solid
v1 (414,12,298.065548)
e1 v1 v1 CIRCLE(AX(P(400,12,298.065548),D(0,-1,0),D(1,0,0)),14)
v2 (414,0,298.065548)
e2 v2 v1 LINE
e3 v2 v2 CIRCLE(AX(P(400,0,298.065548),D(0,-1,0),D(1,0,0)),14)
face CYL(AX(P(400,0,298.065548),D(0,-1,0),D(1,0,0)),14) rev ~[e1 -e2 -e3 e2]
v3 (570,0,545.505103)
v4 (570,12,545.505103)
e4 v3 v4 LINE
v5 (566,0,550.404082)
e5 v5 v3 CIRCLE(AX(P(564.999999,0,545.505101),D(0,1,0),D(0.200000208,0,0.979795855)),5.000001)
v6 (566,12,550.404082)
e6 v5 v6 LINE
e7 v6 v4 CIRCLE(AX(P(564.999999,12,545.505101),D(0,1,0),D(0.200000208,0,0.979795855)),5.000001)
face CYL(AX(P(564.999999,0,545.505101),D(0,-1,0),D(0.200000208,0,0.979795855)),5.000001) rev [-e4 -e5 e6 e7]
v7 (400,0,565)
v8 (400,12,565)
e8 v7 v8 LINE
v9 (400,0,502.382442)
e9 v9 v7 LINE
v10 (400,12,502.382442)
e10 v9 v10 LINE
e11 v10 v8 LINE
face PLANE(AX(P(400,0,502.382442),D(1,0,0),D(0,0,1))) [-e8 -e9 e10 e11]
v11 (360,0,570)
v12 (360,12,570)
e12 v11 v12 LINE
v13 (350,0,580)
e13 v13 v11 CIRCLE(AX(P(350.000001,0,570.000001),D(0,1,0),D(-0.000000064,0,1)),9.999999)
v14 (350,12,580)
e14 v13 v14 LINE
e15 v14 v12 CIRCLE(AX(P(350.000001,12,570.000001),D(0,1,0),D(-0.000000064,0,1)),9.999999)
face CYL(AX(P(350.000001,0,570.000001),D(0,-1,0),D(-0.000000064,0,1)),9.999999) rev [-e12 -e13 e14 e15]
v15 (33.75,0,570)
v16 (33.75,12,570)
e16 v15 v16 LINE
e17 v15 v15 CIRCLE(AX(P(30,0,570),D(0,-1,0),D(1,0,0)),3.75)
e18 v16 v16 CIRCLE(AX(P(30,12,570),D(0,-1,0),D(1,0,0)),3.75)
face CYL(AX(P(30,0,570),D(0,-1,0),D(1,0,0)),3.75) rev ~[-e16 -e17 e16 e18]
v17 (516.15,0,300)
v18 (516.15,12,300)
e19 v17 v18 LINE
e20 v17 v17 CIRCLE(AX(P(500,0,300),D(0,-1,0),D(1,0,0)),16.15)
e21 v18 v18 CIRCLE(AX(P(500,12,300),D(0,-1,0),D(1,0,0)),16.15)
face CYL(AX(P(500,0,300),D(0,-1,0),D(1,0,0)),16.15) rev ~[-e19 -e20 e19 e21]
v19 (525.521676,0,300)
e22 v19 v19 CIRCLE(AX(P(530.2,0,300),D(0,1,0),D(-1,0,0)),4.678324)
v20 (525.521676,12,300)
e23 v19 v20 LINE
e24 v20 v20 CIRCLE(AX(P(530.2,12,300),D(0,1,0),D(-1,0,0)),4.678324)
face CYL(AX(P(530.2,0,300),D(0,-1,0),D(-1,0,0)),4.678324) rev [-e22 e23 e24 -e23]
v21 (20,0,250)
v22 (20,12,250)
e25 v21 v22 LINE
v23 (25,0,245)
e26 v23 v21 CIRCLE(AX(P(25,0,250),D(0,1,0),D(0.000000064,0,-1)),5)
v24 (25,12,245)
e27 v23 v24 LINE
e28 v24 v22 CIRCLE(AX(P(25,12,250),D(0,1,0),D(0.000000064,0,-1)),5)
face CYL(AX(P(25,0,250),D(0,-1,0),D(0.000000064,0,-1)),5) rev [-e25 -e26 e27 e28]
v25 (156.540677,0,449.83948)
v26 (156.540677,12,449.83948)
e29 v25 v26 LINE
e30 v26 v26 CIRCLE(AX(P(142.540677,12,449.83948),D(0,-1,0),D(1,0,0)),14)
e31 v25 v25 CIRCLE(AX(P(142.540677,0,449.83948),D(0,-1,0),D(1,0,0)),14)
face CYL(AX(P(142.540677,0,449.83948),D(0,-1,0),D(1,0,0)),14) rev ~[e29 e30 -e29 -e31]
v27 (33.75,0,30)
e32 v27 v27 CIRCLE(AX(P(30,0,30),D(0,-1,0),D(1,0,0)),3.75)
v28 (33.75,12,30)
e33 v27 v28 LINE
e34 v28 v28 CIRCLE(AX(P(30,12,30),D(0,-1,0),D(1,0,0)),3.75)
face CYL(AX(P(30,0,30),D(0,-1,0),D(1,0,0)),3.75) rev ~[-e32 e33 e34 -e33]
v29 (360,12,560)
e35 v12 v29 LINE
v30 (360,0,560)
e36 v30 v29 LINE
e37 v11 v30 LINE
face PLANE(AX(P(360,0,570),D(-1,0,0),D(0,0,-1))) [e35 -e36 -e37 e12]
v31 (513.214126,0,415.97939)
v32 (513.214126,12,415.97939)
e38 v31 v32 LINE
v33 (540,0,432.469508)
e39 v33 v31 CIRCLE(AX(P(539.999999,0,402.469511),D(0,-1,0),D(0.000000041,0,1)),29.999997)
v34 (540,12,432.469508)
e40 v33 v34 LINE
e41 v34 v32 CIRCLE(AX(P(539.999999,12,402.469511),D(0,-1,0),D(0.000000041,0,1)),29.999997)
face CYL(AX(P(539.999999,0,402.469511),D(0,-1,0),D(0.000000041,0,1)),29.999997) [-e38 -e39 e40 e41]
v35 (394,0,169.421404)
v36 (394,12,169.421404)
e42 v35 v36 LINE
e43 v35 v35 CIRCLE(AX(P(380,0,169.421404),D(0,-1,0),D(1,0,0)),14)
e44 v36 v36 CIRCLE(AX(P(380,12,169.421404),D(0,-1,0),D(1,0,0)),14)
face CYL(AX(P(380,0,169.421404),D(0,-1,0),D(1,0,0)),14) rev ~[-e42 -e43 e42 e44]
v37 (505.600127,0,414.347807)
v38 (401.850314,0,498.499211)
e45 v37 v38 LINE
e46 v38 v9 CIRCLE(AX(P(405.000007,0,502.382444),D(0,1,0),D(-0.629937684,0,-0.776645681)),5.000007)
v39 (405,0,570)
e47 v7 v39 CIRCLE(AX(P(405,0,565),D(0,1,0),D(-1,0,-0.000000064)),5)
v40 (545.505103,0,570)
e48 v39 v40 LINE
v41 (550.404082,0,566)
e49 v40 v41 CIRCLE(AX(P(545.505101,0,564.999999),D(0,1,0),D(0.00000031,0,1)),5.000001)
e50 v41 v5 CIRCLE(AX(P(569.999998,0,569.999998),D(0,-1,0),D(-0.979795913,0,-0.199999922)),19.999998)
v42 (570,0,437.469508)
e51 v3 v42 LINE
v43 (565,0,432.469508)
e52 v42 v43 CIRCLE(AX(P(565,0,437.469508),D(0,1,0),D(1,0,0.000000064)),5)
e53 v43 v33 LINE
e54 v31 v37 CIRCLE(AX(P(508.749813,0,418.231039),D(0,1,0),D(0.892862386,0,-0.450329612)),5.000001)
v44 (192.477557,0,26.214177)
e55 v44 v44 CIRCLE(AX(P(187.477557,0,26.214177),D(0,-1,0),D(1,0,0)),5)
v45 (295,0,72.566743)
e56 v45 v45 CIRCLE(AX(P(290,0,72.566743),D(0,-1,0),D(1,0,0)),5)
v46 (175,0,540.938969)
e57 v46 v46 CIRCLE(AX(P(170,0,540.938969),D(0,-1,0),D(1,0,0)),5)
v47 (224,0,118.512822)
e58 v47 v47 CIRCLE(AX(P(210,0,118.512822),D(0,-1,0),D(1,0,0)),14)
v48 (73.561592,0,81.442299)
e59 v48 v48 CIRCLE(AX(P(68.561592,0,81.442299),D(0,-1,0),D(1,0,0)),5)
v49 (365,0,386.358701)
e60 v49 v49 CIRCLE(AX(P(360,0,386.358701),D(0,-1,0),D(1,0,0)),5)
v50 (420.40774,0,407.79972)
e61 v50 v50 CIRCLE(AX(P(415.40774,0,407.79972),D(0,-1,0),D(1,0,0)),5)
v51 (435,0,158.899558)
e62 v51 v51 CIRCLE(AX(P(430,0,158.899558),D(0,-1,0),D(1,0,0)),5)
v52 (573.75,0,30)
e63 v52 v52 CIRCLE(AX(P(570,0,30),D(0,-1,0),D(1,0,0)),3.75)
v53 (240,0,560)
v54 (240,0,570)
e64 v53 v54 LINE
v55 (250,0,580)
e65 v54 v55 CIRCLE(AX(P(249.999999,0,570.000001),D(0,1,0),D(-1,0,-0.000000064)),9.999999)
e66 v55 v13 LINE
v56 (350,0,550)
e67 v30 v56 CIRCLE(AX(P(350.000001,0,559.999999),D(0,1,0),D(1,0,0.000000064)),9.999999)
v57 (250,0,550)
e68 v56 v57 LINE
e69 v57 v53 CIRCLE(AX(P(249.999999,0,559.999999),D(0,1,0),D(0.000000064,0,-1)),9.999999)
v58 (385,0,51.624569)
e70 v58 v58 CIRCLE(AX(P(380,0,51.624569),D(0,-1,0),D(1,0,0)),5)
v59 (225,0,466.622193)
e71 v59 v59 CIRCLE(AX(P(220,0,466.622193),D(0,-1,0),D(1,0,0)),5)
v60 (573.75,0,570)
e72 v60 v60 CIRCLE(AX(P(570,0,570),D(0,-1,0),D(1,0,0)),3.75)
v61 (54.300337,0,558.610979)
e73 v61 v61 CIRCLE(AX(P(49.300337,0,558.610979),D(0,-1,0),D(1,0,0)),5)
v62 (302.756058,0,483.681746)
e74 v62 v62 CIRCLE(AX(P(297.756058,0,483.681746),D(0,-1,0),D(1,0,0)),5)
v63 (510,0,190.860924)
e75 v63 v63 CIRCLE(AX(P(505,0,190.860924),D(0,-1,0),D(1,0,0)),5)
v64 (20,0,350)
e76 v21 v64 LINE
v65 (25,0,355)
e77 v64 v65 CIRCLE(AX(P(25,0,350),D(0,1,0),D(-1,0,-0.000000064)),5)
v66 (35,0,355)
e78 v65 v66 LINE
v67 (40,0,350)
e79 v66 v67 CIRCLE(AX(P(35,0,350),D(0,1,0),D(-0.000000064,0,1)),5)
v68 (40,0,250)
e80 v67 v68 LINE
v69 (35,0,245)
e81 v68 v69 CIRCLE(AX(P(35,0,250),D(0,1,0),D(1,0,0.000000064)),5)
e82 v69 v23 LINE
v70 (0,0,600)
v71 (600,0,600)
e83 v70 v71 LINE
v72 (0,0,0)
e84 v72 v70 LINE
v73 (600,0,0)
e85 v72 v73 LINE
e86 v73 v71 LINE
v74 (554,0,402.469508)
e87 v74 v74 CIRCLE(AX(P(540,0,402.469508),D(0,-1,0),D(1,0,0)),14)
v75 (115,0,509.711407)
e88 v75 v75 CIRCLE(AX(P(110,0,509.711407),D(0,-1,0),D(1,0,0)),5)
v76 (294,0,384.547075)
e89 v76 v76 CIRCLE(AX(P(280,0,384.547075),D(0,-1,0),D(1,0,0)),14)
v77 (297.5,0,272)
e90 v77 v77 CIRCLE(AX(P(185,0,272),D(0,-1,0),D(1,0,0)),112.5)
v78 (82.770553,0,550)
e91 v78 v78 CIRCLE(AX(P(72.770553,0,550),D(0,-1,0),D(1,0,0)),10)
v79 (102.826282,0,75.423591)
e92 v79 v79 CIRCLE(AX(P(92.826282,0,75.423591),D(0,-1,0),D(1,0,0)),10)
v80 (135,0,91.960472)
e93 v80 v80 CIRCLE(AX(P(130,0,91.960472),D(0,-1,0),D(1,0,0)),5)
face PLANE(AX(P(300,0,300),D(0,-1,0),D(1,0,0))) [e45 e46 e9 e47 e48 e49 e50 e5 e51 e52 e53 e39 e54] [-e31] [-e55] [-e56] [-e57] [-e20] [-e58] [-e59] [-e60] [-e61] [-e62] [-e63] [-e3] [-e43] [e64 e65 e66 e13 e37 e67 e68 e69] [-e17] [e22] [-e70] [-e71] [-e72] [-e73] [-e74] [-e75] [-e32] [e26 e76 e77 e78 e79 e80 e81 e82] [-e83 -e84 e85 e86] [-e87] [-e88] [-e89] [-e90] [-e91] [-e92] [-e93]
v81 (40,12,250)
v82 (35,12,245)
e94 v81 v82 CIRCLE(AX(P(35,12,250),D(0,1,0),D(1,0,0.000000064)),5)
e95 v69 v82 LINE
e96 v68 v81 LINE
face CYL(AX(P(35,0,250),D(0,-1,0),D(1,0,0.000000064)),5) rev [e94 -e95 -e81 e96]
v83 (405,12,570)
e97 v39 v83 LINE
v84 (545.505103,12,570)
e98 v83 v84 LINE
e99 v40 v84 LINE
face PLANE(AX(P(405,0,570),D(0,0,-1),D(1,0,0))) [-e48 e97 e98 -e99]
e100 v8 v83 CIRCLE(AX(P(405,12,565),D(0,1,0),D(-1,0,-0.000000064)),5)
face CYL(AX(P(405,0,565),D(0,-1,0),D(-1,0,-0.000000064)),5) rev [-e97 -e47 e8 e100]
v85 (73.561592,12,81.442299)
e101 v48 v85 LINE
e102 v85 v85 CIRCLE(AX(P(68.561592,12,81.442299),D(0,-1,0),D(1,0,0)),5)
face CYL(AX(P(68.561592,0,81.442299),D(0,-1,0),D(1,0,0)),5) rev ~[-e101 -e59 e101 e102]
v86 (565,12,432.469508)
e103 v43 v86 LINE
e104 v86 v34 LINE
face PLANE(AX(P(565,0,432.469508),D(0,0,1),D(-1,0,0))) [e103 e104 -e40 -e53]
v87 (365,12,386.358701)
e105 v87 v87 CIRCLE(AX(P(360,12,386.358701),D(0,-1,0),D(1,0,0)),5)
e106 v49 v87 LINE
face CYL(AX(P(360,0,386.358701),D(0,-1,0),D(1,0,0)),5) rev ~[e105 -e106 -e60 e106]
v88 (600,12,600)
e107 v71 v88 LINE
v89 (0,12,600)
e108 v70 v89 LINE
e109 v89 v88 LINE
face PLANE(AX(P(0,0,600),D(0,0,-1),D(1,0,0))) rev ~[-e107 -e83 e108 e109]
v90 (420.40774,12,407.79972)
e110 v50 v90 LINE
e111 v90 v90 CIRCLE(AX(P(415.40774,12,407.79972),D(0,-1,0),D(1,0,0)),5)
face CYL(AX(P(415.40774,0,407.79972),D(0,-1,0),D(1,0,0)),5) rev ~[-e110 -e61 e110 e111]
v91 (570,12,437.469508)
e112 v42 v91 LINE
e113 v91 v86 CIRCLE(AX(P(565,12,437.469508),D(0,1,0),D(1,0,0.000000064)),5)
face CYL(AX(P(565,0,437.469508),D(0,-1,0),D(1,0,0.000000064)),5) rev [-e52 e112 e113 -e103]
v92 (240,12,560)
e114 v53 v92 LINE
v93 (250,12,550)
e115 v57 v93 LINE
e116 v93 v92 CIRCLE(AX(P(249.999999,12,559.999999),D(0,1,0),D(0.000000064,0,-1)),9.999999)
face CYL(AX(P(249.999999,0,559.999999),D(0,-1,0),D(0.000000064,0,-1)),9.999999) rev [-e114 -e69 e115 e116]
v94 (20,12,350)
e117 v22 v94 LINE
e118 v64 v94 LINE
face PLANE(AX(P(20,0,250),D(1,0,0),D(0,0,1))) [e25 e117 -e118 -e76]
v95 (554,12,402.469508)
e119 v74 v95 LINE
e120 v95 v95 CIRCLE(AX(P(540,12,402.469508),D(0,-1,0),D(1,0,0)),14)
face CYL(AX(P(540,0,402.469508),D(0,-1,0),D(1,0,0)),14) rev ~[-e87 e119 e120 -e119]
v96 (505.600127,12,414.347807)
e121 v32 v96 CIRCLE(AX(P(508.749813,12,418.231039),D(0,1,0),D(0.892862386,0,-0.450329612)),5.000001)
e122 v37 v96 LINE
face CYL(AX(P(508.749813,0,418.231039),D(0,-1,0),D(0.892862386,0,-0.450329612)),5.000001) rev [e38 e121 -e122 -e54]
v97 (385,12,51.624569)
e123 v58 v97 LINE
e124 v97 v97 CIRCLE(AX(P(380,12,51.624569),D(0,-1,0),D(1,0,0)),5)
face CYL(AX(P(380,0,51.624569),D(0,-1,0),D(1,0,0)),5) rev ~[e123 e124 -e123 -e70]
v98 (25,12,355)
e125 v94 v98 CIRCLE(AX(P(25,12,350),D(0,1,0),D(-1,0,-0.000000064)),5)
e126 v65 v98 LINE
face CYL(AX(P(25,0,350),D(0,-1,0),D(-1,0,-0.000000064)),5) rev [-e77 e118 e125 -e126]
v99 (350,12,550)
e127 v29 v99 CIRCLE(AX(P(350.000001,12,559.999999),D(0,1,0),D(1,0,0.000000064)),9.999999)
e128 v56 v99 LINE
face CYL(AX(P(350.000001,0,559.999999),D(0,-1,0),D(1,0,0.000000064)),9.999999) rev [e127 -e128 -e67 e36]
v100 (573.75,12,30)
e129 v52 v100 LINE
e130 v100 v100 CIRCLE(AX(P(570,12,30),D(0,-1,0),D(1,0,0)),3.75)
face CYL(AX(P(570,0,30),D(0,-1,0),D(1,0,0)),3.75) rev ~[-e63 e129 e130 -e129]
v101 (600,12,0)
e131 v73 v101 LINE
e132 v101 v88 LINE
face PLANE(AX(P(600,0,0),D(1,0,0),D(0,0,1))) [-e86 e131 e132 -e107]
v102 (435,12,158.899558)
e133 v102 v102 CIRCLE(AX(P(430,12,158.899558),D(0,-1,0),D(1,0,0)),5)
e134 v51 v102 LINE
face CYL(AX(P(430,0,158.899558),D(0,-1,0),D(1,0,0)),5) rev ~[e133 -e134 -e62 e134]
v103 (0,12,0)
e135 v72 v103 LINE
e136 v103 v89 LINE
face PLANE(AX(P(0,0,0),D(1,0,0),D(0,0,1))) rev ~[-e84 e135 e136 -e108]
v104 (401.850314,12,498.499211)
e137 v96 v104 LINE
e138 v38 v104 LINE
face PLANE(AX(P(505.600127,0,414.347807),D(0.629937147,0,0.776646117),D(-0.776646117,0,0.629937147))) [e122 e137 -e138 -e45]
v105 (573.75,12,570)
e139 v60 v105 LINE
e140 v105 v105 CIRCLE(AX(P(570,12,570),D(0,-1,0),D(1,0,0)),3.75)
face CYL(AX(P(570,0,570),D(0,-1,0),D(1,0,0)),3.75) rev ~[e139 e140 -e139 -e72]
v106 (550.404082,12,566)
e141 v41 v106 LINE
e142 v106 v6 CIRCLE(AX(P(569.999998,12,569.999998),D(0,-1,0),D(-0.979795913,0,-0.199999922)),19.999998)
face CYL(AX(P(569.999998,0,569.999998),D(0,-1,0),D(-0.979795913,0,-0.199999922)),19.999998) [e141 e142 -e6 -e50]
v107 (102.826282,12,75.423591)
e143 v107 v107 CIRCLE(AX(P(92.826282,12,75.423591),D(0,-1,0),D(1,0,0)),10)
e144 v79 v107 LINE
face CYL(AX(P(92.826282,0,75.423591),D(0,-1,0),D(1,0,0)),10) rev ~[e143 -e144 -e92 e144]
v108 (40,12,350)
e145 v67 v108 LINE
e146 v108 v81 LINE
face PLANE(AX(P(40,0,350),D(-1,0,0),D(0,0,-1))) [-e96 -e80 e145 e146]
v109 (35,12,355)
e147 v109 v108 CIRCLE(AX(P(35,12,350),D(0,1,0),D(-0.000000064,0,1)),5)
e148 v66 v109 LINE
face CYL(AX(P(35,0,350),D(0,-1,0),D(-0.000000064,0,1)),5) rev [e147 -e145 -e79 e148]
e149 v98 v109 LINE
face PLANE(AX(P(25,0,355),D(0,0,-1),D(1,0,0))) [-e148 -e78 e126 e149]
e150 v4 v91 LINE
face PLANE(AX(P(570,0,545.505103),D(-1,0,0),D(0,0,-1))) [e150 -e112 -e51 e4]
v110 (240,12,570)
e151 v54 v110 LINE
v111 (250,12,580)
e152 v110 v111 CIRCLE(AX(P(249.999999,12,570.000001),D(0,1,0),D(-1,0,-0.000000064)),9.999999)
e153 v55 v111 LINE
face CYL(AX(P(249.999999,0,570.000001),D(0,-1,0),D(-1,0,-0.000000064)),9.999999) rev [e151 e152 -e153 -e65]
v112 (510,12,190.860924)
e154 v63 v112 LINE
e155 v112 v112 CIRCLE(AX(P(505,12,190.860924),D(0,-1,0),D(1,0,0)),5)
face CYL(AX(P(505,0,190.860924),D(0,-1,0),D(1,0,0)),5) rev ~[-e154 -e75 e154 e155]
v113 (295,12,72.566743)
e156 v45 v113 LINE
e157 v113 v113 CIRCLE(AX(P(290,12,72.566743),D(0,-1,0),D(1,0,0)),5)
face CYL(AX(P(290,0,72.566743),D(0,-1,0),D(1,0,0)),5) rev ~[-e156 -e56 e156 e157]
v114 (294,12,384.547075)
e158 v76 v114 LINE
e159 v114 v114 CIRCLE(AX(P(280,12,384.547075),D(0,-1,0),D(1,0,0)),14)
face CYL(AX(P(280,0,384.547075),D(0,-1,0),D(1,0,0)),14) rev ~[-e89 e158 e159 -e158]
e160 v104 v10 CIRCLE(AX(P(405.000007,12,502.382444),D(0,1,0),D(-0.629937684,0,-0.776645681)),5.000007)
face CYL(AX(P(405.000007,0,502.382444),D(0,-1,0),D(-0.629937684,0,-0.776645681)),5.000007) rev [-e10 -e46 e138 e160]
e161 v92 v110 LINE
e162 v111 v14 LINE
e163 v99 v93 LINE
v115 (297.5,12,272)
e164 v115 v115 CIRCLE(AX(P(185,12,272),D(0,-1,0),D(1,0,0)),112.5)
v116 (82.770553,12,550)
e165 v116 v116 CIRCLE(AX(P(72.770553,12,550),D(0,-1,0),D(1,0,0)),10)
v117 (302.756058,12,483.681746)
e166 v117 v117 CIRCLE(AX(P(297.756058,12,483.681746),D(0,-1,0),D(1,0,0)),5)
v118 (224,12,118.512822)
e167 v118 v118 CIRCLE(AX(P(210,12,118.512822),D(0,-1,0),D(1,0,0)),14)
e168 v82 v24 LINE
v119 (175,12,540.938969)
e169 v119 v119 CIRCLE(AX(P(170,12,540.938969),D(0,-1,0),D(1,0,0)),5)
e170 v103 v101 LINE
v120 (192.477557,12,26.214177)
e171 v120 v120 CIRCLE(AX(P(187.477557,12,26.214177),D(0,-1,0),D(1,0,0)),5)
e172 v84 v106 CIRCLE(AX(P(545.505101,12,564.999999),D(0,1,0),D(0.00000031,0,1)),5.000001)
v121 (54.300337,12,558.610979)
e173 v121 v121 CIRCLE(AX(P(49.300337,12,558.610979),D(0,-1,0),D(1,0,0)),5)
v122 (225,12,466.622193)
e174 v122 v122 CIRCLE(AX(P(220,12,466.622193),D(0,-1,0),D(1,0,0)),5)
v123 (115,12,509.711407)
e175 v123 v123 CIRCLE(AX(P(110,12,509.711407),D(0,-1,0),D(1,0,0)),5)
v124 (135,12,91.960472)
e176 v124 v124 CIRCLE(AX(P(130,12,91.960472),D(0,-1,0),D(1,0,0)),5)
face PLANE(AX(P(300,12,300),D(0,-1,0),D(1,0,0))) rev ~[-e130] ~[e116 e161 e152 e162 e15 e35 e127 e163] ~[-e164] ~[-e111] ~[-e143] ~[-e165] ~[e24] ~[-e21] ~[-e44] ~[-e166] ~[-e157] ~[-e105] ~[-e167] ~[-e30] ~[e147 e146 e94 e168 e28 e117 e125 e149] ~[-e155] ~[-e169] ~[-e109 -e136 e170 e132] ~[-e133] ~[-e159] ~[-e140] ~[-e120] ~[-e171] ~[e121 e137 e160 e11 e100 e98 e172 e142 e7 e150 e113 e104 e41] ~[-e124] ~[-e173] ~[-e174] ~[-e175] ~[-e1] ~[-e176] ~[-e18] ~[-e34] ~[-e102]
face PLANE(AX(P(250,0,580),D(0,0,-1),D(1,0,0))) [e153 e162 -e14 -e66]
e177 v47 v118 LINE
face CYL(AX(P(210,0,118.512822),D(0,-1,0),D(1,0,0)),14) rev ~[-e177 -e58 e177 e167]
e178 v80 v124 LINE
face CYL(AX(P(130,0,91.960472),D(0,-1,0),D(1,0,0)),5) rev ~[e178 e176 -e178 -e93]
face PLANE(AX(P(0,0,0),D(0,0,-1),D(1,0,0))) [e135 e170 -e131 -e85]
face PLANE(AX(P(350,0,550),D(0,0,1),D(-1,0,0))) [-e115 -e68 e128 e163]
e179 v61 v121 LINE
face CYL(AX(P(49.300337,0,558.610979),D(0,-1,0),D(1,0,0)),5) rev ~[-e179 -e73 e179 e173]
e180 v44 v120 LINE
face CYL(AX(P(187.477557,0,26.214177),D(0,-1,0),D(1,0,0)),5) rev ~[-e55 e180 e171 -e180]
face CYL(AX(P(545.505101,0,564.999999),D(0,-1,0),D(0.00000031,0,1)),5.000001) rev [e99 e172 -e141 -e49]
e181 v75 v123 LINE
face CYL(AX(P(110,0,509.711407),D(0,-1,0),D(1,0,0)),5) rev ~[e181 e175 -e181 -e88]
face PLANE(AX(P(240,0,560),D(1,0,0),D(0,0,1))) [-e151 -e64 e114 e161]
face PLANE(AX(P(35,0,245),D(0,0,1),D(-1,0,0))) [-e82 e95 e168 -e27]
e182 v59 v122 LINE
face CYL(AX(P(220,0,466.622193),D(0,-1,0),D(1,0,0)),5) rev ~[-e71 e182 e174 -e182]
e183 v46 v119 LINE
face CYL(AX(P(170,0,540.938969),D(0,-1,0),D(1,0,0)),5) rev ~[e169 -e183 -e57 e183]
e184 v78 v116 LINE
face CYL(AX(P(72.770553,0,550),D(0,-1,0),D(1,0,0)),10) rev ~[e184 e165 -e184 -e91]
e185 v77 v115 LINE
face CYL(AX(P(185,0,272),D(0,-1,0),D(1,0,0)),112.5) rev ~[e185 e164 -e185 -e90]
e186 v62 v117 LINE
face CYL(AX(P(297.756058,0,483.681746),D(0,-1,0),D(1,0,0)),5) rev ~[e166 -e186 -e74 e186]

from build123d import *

# Parameters (mm, degrees)
F0_W     = 600
F0_H     = 600
F0_R     = 3.75
F0_R_2   = 5
F0_R_3   = 10
F0_R_4   = 14
F0_R_5   = 112.5
F0_R_6   = 16.15
F1_DEPTH = 12


with BuildPart() as f1:
    # F0 (on Front) → F1 (new body)
    with BuildSketch(Plane.XZ):
        with Locations((300, 300)):
            Rectangle(F0_W, F0_H)
        with Locations((30, 30)):
            Circle(F0_R, mode=Mode.SUBTRACT)
        with Locations((68.561592, 81.442299)):
            Circle(F0_R_2, mode=Mode.SUBTRACT)
        with Locations((92.826282, 75.423591)):
            Circle(F0_R_3, mode=Mode.SUBTRACT)
        with Locations((130, 91.960472)):
            Circle(F0_R_2, mode=Mode.SUBTRACT)
        with Locations((187.477557, 26.214177)):
            Circle(F0_R_2, mode=Mode.SUBTRACT)
        with Locations((290, 72.566743)):
            Circle(F0_R_2, mode=Mode.SUBTRACT)
        with Locations((210, 118.512822)):
            Circle(F0_R_4, mode=Mode.SUBTRACT)
        with Locations((185, 272)):
            Circle(F0_R_5, mode=Mode.SUBTRACT)
        with Locations((380, 51.624569)):
            Circle(F0_R_2, mode=Mode.SUBTRACT)
        with Locations((570, 30)):
            Circle(F0_R, mode=Mode.SUBTRACT)
        with Locations((380, 169.421404)):
            Circle(F0_R_4, mode=Mode.SUBTRACT)
        with Locations((430, 158.899558)):
            Circle(F0_R_2, mode=Mode.SUBTRACT)
        with Locations((400, 298.065548)):
            Circle(F0_R_4, mode=Mode.SUBTRACT)
        with Locations((505, 190.860924)):
            Circle(F0_R_2, mode=Mode.SUBTRACT)
        with BuildLine():
            ThreePointArc((20, 350), (21.464466, 353.535534), (25, 355))
            Line((25, 355), (35, 355))
            ThreePointArc((35, 355), (38.535534, 353.535534), (40, 350))
            Line((40, 350), (40, 250))
            ThreePointArc((40, 250), (38.535534, 246.464466), (35, 245))
            Line((35, 245), (25, 245))
            ThreePointArc((25, 245), (21.464466, 246.464466), (20, 250))
            Line((20, 250), (20, 350))
        make_face(mode=Mode.SUBTRACT)
        with Locations((142.540677, 449.83948)):
            Circle(F0_R_4, mode=Mode.SUBTRACT)
        with Locations((280, 384.547075)):
            Circle(F0_R_4, mode=Mode.SUBTRACT)
        with Locations((110, 509.711407)):
            Circle(F0_R_2, mode=Mode.SUBTRACT)
        with Locations((49.300337, 558.610979)):
            Circle(F0_R_2, mode=Mode.SUBTRACT)
        with Locations((72.770553, 550)):
            Circle(F0_R_3, mode=Mode.SUBTRACT)
        with Locations((30, 570)):
            Circle(F0_R, mode=Mode.SUBTRACT)
        with Locations((220, 466.622193)):
            Circle(F0_R_2, mode=Mode.SUBTRACT)
        with Locations((297.756058, 483.681746)):
            Circle(F0_R_2, mode=Mode.SUBTRACT)
        with Locations((170, 540.938969)):
            Circle(F0_R_2, mode=Mode.SUBTRACT)
        with Locations((360, 386.358701)):
            Circle(F0_R_2, mode=Mode.SUBTRACT)
        with Locations((415.40774, 407.79972)):
            Circle(F0_R_2, mode=Mode.SUBTRACT)
        with Locations((500, 300)):
            Circle(F0_R_6, mode=Mode.SUBTRACT)
        with BuildLine():
            ThreePointArc((534.878324, 300), (530.2, 295.321676), (525.521676, 300))
            ThreePointArc((525.521676, 300), (530.2, 304.678324), (534.878324, 300))
        make_face(mode=Mode.SUBTRACT)
        with Locations((540, 402.469508)):
            Circle(F0_R_4, mode=Mode.SUBTRACT)
        with BuildLine():
            Line((250, 580), (350, 580))
            ThreePointArc((350, 580), (357.071068, 577.071068), (360, 570))
            Line((360, 570), (360, 560))
            ThreePointArc((360, 560), (357.071068, 552.928932), (350, 550))
            Line((350, 550), (250, 550))
            ThreePointArc((250, 550), (242.928932, 552.928932), (240, 560))
            Line((240, 560), (240, 570))
            ThreePointArc((240, 570), (242.928932, 577.071068), (250, 580))
        make_face(mode=Mode.SUBTRACT)
        with BuildLine():
            ThreePointArc((545.505103, 570), (548.66738, 568.872983), (550.404082, 566))
            ThreePointArc((550.404082, 566), (555.857864, 555.857864), (566, 550.404082))
            ThreePointArc((566, 550.404082), (568.872983, 548.66738), (570, 545.505103))
            Line((570, 545.505103), (570, 437.469508))
            ThreePointArc((570, 437.469508), (568.535534, 433.933974), (565, 432.469508))
            Line((565, 432.469508), (540, 432.469508))
            ThreePointArc((540, 432.469508), (524.272579, 428.016489), (513.214126, 415.97939))
            ThreePointArc((513.214126, 415.97939), (509.797466, 413.342027), (505.600127, 414.347807))
            Line((505.600127, 414.347807), (401.850314, 498.499211))
            ThreePointArc((401.850314, 498.499211), (400.48622, 500.231678), (400, 502.382442))
            Line((400, 502.382442), (400, 565))
            ThreePointArc((400, 565), (401.464466, 568.535534), (405, 570))
            Line((405, 570), (545.505103, 570))
        make_face(mode=Mode.SUBTRACT)
        with Locations((570, 570)):
            Circle(F0_R, mode=Mode.SUBTRACT)
    extrude(amount=-F1_DEPTH)


solid = f1.part
